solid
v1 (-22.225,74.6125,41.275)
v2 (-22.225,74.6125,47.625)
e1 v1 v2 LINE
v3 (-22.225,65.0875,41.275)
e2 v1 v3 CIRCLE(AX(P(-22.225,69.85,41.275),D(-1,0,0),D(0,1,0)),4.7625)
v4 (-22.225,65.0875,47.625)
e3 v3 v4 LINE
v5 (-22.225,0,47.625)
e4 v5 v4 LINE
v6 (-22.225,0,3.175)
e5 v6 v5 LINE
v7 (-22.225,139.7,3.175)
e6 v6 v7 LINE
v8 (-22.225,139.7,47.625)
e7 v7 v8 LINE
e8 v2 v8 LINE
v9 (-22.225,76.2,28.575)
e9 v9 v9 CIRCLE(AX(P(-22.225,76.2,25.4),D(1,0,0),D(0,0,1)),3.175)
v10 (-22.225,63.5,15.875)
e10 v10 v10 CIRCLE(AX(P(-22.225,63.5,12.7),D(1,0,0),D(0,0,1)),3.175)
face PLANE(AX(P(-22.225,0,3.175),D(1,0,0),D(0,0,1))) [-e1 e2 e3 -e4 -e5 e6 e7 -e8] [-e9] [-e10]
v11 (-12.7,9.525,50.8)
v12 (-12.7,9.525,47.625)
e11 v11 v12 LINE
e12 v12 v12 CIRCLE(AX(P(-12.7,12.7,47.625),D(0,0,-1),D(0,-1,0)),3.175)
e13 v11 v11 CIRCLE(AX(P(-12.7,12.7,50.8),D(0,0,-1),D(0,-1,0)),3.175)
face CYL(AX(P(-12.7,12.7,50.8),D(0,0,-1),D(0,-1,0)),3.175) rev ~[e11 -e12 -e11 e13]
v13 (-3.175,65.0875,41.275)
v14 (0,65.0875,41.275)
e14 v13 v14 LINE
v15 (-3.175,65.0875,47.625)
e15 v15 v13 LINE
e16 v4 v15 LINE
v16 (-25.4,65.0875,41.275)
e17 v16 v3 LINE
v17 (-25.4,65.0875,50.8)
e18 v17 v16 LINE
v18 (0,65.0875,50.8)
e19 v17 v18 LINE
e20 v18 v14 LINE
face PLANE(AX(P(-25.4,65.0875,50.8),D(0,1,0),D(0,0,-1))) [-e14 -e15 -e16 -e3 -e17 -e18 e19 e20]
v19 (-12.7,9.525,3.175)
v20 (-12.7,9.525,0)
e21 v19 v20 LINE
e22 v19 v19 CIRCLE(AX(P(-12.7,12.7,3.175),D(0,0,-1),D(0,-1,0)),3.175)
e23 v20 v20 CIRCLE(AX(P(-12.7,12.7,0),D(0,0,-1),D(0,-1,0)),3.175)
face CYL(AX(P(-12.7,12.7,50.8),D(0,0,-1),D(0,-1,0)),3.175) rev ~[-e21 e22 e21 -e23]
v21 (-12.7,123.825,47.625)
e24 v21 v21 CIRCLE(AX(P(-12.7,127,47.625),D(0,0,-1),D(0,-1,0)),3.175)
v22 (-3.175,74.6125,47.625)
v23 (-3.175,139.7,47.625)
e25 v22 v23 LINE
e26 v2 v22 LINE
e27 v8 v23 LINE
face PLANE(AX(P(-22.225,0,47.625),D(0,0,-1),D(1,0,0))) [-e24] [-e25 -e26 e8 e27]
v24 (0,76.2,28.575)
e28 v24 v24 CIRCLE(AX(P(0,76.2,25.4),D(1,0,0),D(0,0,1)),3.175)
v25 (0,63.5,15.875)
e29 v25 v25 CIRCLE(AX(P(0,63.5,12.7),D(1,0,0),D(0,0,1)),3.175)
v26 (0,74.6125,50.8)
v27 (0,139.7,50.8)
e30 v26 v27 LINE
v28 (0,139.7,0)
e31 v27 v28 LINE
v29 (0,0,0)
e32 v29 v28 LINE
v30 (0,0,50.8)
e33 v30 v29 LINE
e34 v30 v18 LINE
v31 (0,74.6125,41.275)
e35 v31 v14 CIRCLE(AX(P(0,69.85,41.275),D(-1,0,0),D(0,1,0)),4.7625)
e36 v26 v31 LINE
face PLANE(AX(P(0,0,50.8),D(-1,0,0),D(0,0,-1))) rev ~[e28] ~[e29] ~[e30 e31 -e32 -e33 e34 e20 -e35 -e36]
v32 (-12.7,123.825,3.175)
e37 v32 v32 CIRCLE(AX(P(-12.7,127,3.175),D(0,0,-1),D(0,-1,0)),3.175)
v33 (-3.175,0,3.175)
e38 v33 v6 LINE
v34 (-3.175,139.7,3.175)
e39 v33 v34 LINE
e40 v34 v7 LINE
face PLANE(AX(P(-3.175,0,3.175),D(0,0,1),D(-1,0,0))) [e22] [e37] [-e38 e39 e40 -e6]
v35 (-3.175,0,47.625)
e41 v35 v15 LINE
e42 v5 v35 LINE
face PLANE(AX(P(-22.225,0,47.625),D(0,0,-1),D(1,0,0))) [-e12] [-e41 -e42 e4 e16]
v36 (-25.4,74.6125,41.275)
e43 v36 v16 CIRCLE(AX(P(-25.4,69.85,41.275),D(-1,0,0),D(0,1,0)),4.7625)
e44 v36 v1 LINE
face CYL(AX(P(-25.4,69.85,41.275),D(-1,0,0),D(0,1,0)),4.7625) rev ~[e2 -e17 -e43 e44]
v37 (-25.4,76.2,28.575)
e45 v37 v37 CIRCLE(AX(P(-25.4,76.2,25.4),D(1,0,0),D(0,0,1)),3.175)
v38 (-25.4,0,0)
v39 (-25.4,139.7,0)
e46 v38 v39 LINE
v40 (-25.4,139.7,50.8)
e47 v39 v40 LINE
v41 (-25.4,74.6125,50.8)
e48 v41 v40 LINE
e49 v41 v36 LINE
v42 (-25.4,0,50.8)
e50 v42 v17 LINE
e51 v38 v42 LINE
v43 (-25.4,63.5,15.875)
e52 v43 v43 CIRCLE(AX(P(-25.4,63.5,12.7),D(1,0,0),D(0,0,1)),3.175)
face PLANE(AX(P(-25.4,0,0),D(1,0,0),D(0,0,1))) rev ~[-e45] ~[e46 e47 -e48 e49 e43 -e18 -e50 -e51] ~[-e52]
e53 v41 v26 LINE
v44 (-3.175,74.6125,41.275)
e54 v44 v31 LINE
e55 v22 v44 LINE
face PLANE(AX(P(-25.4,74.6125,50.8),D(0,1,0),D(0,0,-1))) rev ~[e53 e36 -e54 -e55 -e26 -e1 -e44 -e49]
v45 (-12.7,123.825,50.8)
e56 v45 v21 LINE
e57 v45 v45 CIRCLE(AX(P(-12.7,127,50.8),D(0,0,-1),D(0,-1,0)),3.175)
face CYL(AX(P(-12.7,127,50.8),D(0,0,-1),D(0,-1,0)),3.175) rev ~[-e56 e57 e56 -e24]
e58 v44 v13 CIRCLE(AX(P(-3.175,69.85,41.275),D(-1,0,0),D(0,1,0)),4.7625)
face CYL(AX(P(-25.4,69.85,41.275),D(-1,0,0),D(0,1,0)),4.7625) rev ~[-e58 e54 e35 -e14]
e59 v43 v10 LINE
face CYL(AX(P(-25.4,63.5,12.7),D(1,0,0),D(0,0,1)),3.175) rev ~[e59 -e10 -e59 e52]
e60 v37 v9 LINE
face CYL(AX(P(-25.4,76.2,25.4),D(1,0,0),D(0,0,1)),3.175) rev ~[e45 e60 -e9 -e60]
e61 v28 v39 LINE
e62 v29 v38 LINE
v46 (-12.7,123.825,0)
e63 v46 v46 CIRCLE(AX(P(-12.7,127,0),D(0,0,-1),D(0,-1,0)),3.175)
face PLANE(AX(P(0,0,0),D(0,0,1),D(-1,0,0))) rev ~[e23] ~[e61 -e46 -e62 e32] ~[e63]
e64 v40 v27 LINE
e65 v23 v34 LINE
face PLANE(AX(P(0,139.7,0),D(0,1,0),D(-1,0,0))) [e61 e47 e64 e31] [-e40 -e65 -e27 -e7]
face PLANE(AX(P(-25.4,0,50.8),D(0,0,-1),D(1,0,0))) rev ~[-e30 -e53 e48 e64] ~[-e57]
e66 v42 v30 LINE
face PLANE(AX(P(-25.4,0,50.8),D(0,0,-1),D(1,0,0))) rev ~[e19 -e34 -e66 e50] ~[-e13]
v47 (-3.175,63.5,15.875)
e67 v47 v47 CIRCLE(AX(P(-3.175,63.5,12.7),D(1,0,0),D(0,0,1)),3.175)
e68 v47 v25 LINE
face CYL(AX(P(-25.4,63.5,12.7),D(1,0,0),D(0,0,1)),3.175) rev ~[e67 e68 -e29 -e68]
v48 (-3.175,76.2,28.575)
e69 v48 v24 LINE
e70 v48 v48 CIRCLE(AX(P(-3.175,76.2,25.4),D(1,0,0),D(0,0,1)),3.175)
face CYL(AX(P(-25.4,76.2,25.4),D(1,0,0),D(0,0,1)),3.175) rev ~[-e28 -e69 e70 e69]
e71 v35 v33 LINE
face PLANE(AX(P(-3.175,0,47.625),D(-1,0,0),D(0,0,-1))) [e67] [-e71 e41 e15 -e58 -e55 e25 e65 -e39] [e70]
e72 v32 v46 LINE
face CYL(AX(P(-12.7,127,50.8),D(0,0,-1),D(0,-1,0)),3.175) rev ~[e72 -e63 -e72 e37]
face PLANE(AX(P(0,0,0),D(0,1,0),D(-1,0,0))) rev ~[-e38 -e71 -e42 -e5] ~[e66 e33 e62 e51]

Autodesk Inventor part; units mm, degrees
ref_plane "YZ Plane" through (0, 0, 0) normal (1, 0, 0) x (0, 1, 0)
ref_plane "XZ Plane" through (0, 0, 0) normal (0, 1, 0) x (-1, 0, 0)
ref_plane "XY Plane" through (0, 0, 0) normal (0, 0, 1) x (1, 0, 0)
sketch "Sketch1" plane through (0, 0, 0) normal (0, 1, 0) x (-1, 0, 0)
  line L0 (0, 0) -> (25.4, 0)
  line L1 (25.4, 0) -> (25.4, 50.8)
  line L2 (25.4, 50.8) -> (0, 50.8)
  line L3 (0, 50.8) -> (0, 0)
  line L4 (3.175, 3.175) -> (22.225, 3.175)
  line L5 (22.225, 3.175) -> (22.225, 47.625)
  line L6 (22.225, 47.625) -> (3.175, 47.625)
  line L7 (3.175, 47.625) -> (3.175, 3.175)
  dimension "d0" = 25.4
  dimension "d1" = 50.8
  dimension "d2" = 19.05
  dimension "d3" = 44.45
  dimension "d4" = 3.175
  dimension "d5" = 3.175
extrude "Extrusion1" add sketch "Sketch1" along normal blind 139.7
sketch "Sketch2" plane through (-25.4, 0, 50.8) normal (0, 0, 1) x (1, 0, 0)
  line L0 (0, 0) -> (25.4, 0) projected
  line L1 (25.4, 0) -> (25.4, 139.7) projected
  line L2 (0, 139.7) -> (25.4, 139.7) projected
  line L3 (0, 0) -> (0, 139.7) projected
  point P0 (12.7, 127)
  point P1 (12.7, 12.7)
  dimension "d8" = 12.7
  dimension "d9" = 12.7
  dimension "d10" = 12.7
  dimension "d11" = 12.7
hole "Hole1" at (-12.7, 127, 50.8) at (-12.7, 12.7, 50.8) direction (0, 0, -1) diameter 6.35 end through all
sketch "Sketch3" plane through (-25.4, 0, 0) normal (-1, 0, 0) x (0, 0, 1)
  line L0 (0, 0) -> (50.8, 0) projected
  line L1 (50.8, 0) -> (50.8, 139.7) projected
  line L2 (0, 139.7) -> (50.8, 139.7) projected
  line L3 (0, 0) -> (0, 139.7) projected
  circle A0 centre (41.275, 69.85) radius 4.7625 construction
  line L4 (41.275, 69.85) -> (41.275, 65.0875) construction
  line L5 (41.275, 69.85) -> (41.275, 74.6125) construction
  line L6 (50.8, 74.6125) -> (41.275, 74.6125)
  line L7 (50.8, 0) -> (50.8, 139.7) projected
  line L8 (50.8, 65.0875) -> (41.275, 65.0875)
  line L9 (50.8, 74.6125) -> (50.8, 65.0875)
  arc A1 (41.275, 74.6125) -> (41.275, 65.0875) centre (41.275, 69.85) ccw
  dimension "d19" = 69.85
  dimension "d20" = 9.525
  dimension "d21" = 9.525
extrude "Extrusion2" cut sketch "Sketch3" against normal blind 155.575 contours L8 A1 L6 L1
sketch "Sketch4" plane through (-25.4, 0, 0) normal (-1, 0, 0) x (0, 0, 1)
  line L0 (0, 0) -> (50.8, 0) projected
  line L1 (0, 0) -> (0, 139.7) projected
  point P0 (12.7, 63.5)
  point P1 (25.4, 76.2)
  dimension "d24" = 12.7
  dimension "d25" = 12.7
  dimension "d26" = 63.5
  dimension "d27" = 12.7
hole "Hole2" at (-25.4, 63.5, 12.7) at (-25.4, 76.2, 25.4) direction (1, 0, 0) diameter 6.35 end through all
properties part number "2x1 axle support"
